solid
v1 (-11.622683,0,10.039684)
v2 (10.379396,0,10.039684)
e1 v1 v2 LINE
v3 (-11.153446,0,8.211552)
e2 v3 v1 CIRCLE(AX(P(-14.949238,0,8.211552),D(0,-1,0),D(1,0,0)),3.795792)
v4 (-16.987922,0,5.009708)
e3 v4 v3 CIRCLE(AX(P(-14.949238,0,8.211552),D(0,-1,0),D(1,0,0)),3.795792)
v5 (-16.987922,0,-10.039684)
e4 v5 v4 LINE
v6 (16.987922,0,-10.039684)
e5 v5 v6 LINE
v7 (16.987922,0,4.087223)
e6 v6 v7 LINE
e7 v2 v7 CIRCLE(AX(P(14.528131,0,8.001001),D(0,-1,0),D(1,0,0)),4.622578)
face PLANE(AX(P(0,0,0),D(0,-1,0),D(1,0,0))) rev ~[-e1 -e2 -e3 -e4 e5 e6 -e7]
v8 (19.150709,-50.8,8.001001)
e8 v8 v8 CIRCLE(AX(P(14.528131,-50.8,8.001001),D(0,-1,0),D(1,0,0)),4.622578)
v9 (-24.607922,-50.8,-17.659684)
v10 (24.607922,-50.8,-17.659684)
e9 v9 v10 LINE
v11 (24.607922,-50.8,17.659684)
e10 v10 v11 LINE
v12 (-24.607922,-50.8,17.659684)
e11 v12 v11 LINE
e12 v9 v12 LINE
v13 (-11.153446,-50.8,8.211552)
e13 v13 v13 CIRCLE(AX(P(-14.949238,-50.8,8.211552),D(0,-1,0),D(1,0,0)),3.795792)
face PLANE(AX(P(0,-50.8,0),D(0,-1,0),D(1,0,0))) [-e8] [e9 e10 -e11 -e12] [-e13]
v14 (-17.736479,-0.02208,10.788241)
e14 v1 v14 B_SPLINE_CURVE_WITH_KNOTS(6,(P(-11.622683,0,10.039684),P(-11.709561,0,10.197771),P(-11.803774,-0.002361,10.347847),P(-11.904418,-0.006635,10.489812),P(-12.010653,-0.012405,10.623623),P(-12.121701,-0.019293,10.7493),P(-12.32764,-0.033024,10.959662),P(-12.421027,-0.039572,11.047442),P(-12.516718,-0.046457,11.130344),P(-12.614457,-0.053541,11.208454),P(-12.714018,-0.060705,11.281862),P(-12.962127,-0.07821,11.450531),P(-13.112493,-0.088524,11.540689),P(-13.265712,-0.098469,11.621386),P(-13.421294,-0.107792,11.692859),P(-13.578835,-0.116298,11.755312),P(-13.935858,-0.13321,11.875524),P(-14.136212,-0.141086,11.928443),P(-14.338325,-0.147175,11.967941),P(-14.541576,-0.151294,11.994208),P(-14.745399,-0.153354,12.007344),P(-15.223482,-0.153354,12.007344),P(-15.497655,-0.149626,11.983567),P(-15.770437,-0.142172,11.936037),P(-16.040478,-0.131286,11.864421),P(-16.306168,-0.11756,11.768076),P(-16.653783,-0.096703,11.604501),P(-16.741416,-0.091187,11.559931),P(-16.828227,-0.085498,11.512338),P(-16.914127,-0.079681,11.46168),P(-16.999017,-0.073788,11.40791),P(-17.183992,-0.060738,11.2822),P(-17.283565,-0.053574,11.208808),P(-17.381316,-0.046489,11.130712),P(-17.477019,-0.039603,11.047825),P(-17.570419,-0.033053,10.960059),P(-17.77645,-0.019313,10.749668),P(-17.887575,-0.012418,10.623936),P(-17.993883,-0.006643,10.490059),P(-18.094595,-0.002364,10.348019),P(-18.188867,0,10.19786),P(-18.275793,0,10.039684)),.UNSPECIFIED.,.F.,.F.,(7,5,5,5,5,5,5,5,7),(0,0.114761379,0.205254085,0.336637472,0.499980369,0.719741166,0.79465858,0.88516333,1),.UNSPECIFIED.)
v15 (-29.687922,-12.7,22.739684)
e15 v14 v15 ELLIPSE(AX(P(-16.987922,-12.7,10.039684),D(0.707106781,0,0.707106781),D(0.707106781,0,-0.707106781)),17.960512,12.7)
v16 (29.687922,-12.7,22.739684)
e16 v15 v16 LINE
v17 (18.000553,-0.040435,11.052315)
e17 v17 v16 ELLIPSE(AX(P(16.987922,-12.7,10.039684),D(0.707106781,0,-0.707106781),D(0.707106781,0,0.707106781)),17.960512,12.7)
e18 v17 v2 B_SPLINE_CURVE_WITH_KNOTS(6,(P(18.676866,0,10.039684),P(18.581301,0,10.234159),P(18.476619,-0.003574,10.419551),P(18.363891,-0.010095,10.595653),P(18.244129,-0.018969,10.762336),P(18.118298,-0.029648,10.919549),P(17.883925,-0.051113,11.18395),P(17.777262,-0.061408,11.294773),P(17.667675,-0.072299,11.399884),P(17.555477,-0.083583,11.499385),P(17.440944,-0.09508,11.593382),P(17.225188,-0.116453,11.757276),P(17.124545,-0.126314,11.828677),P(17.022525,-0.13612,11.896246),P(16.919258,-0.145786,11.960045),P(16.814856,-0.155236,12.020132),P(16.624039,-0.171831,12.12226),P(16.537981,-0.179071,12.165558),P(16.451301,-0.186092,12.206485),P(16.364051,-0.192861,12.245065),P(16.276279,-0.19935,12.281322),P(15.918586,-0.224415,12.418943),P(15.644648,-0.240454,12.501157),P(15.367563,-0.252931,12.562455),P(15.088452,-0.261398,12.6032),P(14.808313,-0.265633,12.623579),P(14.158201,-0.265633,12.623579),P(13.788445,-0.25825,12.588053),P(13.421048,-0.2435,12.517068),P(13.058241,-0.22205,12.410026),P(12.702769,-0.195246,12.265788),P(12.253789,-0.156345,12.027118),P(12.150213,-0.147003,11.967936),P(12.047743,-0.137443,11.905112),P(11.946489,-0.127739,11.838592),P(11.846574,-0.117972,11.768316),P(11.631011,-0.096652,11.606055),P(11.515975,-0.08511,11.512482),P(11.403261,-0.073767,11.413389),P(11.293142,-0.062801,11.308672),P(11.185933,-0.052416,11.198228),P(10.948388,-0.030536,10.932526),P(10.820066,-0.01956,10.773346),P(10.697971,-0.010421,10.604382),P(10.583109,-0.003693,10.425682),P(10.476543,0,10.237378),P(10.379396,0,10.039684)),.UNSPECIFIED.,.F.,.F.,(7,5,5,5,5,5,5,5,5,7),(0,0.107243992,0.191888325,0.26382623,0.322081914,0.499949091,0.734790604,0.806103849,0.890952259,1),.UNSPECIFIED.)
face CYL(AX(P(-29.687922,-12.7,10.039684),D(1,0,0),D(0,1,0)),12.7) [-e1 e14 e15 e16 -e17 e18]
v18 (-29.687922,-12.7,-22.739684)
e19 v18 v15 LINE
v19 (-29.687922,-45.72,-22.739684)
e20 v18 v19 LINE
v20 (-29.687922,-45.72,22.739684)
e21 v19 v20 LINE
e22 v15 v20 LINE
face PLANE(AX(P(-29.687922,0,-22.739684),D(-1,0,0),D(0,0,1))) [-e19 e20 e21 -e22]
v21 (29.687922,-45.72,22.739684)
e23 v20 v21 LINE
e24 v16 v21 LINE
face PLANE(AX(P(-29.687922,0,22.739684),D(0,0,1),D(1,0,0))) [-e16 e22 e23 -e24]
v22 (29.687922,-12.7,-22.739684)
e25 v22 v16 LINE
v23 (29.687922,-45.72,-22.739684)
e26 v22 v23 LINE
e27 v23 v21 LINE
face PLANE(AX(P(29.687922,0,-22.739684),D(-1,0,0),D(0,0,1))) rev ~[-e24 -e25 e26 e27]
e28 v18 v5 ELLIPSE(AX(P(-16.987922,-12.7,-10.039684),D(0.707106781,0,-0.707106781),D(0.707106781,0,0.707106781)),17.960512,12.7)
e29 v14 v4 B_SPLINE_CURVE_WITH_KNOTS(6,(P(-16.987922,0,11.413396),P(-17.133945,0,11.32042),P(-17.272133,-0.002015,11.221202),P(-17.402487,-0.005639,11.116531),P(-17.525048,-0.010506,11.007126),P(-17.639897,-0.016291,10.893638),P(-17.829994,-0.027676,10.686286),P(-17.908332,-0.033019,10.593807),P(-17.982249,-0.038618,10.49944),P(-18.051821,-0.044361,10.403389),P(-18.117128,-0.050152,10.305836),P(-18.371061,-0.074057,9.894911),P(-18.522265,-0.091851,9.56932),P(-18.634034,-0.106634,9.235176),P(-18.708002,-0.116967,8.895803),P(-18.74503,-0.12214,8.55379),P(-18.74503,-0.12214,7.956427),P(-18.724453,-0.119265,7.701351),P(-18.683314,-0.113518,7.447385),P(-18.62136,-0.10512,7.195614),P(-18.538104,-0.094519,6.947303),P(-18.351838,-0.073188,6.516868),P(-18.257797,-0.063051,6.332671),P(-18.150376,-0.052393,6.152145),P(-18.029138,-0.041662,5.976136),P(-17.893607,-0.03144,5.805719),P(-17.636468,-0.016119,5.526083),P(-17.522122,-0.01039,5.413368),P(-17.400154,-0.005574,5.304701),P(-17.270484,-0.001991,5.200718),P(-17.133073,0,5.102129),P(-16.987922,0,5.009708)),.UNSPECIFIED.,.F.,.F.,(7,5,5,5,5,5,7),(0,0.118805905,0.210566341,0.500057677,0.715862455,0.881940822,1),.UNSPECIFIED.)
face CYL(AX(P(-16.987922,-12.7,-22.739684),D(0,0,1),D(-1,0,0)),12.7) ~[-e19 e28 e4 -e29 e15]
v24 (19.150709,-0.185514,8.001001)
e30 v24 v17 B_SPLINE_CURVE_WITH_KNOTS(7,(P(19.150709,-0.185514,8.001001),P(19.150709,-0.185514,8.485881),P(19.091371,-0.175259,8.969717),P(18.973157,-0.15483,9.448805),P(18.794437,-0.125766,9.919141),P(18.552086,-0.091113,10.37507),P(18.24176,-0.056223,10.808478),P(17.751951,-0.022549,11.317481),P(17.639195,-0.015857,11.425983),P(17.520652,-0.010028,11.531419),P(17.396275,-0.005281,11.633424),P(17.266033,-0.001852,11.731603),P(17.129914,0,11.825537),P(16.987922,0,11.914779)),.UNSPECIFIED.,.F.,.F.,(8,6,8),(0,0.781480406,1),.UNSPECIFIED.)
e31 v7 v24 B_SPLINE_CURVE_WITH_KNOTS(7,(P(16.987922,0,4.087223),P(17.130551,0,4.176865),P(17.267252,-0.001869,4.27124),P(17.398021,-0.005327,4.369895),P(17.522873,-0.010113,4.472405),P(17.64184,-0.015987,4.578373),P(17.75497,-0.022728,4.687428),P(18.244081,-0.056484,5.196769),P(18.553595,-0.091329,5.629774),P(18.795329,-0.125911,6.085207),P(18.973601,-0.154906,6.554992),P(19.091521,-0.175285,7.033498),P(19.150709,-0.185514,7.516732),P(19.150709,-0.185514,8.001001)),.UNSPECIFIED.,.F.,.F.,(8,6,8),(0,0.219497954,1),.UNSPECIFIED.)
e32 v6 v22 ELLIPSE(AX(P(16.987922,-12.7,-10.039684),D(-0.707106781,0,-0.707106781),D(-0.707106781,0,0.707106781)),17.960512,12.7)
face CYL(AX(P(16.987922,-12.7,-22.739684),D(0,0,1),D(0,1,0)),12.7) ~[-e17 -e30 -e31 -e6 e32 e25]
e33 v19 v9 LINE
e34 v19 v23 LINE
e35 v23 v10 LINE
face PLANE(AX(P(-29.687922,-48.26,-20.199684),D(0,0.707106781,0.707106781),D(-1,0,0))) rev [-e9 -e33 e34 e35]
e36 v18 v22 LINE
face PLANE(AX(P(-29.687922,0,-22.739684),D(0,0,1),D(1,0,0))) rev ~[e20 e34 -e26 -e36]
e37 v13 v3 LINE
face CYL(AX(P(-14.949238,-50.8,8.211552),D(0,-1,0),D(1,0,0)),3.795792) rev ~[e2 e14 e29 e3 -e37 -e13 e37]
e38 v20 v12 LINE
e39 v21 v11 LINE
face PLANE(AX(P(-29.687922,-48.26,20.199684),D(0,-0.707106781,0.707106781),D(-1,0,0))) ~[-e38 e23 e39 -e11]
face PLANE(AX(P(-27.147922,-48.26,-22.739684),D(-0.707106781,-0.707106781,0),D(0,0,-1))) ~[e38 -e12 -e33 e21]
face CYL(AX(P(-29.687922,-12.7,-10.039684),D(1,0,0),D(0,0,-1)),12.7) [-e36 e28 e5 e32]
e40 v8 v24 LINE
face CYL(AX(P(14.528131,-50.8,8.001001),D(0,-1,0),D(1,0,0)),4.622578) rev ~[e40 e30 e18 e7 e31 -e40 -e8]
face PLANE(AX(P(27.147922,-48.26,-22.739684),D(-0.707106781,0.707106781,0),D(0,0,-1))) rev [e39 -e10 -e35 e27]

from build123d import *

# Parameters (mm, degrees)
F0_W     = 59.375844
F0_H     = 45.479368
F1_DEPTH = 50.8
F2_SIZE  = 5.08
F3_R     = 12.7
F4_R     = 3.795792
F4_R_2   = 4.622578
F5_DEPTH = 50.8


with BuildPart() as f1:
    # F0 (on Front) → F1 (new body)
    with BuildSketch(Plane.XZ):
        Rectangle(F0_W, F0_H)
    extrude(amount=F1_DEPTH)

    # F2
    f2_edges = [f1.edges().sort_by_distance(p)[0] for p in [
        (0, -50.8, 22.739684),
        (29.687922, -50.8, 0),
        (0, -50.8, -22.739684),
        (-29.687922, -50.8, 0),
    ]]
    chamfer(f2_edges, length=F2_SIZE)

    # F3
    f3_edges = [f1.edges().sort_by_distance(p)[0] for p in [
        (29.687922, 0, 0),
        (0, 0, 22.739684),
        (-29.687922, 0, 0),
        (0, 0, -22.739684),
    ]]
    fillet(f3_edges, radius=F3_R)

    # F4 (on face) → F5 (cut)
    with BuildSketch(Plane.XZ.offset(50.8)):
        with Locations((-14.949238, 8.211552)):
            Circle(F4_R)
        with Locations((14.528131, 8.001001)):
            Circle(F4_R_2)
    extrude(amount=-F5_DEPTH, mode=Mode.SUBTRACT)


solid = f1.part
